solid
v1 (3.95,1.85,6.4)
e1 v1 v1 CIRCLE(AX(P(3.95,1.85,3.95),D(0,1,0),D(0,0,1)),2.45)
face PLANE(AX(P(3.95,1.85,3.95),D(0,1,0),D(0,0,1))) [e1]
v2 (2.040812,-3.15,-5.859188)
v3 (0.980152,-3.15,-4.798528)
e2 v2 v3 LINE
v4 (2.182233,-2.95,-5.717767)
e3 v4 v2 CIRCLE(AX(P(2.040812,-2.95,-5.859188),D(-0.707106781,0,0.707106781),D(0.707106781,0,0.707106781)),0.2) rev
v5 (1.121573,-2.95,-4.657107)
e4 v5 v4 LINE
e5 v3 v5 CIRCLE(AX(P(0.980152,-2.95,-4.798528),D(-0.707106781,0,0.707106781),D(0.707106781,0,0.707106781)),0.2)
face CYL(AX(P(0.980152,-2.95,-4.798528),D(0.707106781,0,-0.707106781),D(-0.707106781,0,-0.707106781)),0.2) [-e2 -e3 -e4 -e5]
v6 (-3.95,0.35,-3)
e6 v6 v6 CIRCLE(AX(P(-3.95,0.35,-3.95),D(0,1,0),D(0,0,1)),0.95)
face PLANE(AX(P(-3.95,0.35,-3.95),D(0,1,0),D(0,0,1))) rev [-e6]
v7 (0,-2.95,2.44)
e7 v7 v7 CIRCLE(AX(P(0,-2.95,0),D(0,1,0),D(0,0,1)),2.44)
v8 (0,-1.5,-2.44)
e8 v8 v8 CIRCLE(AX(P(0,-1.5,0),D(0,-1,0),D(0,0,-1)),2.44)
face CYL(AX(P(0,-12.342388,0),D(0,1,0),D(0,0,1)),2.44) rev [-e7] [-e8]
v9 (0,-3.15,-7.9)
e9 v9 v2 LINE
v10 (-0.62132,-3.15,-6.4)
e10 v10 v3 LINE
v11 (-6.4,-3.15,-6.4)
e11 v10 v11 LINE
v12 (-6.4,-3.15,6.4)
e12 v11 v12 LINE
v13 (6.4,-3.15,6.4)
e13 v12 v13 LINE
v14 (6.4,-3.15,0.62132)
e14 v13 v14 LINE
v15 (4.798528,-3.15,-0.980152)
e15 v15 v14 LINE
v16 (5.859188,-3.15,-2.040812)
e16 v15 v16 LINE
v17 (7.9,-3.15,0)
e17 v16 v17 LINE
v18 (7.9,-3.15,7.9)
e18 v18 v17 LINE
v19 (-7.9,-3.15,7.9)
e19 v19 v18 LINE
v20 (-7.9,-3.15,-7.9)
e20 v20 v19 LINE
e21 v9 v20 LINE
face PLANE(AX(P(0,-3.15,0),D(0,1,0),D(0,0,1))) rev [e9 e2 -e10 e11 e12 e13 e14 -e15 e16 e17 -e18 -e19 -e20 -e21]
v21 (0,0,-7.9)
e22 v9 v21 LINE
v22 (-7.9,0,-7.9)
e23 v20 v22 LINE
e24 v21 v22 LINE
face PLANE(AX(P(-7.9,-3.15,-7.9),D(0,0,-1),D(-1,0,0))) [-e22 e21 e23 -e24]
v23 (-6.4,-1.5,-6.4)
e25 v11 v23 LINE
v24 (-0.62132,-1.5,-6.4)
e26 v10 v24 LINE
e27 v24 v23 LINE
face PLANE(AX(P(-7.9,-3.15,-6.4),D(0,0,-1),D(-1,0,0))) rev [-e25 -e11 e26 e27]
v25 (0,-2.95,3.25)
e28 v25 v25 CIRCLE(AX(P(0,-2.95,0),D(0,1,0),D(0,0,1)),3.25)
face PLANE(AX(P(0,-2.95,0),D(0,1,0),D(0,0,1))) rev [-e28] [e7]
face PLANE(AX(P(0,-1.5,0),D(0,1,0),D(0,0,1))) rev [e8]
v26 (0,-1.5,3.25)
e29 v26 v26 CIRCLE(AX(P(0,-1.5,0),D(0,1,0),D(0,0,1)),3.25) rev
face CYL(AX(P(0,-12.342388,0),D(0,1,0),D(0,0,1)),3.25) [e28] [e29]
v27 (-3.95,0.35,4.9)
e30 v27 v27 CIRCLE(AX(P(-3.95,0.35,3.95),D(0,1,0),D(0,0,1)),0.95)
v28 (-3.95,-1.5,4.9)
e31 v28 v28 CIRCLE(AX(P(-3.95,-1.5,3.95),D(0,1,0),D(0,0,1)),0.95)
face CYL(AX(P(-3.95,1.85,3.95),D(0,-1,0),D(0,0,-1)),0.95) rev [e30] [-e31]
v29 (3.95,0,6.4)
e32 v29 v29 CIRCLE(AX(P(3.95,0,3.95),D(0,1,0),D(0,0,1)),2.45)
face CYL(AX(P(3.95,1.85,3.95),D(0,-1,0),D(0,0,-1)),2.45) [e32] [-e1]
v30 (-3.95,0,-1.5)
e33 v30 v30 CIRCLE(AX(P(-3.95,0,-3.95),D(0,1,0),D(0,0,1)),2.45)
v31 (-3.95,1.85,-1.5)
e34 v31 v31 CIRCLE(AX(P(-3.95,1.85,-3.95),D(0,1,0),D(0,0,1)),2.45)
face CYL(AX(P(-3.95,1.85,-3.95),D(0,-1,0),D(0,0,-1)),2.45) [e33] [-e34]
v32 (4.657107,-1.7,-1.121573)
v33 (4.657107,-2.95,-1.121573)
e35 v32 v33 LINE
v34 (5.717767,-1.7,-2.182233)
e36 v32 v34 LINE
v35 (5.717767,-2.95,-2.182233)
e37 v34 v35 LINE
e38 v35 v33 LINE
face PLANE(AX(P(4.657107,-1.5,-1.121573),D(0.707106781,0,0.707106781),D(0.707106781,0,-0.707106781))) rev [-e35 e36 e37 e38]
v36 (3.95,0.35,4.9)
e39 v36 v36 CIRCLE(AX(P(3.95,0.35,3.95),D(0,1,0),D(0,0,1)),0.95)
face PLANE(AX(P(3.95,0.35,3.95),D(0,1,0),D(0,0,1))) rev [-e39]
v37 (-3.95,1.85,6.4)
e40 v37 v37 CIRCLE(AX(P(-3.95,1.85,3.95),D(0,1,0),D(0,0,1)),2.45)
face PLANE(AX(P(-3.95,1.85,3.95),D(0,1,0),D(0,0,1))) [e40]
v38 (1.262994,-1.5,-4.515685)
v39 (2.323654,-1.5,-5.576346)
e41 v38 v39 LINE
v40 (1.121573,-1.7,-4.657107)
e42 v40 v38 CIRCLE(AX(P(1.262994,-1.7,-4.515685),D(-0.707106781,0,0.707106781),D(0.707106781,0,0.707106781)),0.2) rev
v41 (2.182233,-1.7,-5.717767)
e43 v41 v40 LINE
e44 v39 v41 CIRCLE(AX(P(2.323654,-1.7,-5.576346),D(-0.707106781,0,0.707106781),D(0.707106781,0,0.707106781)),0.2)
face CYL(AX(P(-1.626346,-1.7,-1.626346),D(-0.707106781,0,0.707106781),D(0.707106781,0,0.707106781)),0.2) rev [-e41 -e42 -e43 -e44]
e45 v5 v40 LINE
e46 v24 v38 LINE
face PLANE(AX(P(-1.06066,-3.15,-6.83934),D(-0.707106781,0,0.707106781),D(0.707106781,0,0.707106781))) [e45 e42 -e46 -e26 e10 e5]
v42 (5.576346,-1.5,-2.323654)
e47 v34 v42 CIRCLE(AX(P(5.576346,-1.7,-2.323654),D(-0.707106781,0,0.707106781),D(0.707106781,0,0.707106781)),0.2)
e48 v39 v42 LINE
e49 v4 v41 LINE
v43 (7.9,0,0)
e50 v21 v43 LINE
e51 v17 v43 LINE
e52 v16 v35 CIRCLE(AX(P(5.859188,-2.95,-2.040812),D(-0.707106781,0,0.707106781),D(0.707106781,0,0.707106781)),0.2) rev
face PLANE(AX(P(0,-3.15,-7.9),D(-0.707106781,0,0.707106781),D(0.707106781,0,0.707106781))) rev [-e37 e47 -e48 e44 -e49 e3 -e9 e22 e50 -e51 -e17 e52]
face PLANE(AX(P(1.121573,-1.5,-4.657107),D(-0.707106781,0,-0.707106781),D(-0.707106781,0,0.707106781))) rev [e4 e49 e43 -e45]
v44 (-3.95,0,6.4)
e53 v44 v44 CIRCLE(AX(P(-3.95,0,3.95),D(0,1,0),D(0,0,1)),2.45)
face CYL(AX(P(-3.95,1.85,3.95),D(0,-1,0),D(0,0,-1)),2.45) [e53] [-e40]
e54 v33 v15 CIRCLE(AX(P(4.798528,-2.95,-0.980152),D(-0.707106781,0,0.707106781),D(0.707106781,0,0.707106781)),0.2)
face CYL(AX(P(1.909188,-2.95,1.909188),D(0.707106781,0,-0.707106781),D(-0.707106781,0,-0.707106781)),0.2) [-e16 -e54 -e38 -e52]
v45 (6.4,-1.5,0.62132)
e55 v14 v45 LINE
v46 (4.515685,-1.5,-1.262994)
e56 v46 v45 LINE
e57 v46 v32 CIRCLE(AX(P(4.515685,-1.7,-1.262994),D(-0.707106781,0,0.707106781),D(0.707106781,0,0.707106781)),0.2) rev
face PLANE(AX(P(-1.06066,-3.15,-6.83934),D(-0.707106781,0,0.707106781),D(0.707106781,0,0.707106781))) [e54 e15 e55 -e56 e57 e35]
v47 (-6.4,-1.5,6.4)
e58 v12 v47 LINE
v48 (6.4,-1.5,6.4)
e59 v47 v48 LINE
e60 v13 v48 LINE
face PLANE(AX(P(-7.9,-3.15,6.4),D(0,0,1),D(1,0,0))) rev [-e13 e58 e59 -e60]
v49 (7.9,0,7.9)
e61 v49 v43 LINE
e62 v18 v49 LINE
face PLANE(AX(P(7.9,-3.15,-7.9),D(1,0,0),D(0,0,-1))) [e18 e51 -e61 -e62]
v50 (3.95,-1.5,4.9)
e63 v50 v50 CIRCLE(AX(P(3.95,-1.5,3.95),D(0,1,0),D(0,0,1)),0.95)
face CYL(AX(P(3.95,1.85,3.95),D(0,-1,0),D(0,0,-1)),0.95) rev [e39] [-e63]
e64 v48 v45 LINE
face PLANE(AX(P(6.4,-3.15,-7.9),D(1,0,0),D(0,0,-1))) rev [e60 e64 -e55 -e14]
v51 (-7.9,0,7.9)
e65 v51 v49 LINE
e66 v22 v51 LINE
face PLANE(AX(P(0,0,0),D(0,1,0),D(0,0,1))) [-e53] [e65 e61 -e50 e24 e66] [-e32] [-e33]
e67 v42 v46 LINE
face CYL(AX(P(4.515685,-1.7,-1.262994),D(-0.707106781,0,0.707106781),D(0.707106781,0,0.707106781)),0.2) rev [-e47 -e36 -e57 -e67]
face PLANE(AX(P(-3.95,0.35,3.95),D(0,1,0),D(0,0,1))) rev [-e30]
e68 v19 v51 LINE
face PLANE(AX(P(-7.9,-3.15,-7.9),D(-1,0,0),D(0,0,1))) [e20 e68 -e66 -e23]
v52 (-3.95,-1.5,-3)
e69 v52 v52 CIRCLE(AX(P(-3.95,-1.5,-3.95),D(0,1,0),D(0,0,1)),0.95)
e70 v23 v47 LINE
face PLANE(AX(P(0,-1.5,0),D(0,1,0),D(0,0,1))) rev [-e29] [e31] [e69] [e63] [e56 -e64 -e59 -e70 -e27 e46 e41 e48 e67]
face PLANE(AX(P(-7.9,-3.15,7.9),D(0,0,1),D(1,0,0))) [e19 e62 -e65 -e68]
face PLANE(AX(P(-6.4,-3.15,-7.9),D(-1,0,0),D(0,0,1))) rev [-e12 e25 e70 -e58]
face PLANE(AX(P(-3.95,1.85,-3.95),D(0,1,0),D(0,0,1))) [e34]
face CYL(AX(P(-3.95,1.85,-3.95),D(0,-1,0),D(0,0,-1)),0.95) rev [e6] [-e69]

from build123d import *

# Parameters (mm, degrees)
SKETCH1_W               = 15.8
SKETCH1_H               = 15.8
BOSS_EXTRUDE1_DEPTH     = 3.15
SKETCH2_R               = 2.45
BOSS_EXTRUDE2_DEPTH     = 1.85
CUT_EXTRUDE1_DEPTH      = 12.607863714
CUT_EXTRUDE1_DEPTH_BACK = 12.607863714
SHELL1_T                = -1.5
SKETCH4_W               = 5
SKETCH4_H               = 1.65
CUT_EXTRUDE2_DEPTH      = 1.5
FILLET1_R               = 0.2
SKETCH5_R               = 3.25
SKETCH5_R_2             = 2.44
BOSS_EXTRUDE3_DEPTH     = 1.45


with BuildPart() as part:
    # Sketch1 → Boss-Extrude1 (new body)
    with BuildSketch(Plane(origin=(0, 0, 0), x_dir=(1, 0, 0), z_dir=(0, 1, 0))):
        Rectangle(SKETCH1_W, SKETCH1_H)
    extrude(amount=-BOSS_EXTRUDE1_DEPTH)

    # Sketch2 → Boss-Extrude2 (add)
    with BuildSketch(Plane(origin=(0, 0, 0), x_dir=(1, 0, 0), z_dir=(0, 1, 0))):
        with Locations(Location((-3.95, 3.95, 0), (0, 0, 270))):
            Circle(SKETCH2_R)
        with Locations(Location((-3.95, -3.95, 0), (0, 0, 270))):
            Circle(SKETCH2_R)
        with Locations(Location((3.95, -3.95, 0), (0, 0, 270))):
            Circle(SKETCH2_R)
    extrude(amount=BOSS_EXTRUDE2_DEPTH)

    # Sketch3 → Cut-Extrude1 (cut, two sides: drawn at the far end of the back side and taken through both)
    with BuildSketch(Plane(origin=(0, 0, 0), x_dir=(1, 0, 0), z_dir=(0, 1, 0)).offset(-CUT_EXTRUDE1_DEPTH_BACK)):
        Polygon((0, 7.9), (7.9, 0), (7.9, 7.9), align=None)
    extrude(amount=CUT_EXTRUDE1_DEPTH + CUT_EXTRUDE1_DEPTH_BACK, mode=Mode.SUBTRACT)

    # Shell1
    shell1_openings = [part.faces().sort_by_distance(p)[0] for p in [
        (-0.752380952, -3.15, 0.752380952),
    ]]
    offset(amount=SHELL1_T, openings=shell1_openings, kind=Kind.INTERSECTION)

    # Sketch4 → Cut-Extrude2 (cut)
    with BuildSketch(Plane(origin=(3.95, 0, -3.95), x_dir=(-0.7071067811865475, 0, -0.7071067811865477), z_dir=(0.7071067811865477, 0, -0.7071067811865475))):
        with Locations((0, -2.325)):
            Rectangle(SKETCH4_W, SKETCH4_H)
    extrude(amount=-CUT_EXTRUDE2_DEPTH, mode=Mode.SUBTRACT)

    # Fillet1
    fillet1_edges = [part.edges().sort_by_distance(p)[0] for p in [
        (5.187436867, -3.15, -1.651902961),
        (5.187436867, -1.5, -1.651902961),
        (1.651902961, -1.5, -5.187436867),
        (1.651902961, -3.15, -5.187436867),
    ]]
    fillet(fillet1_edges, radius=FILLET1_R)

    # Sketch5 → Boss-Extrude3 (add)
    with BuildSketch(Plane.XZ.offset(1.5)):
        with Locations(Location((0, 0, 0), (0, 0, 90))):
            Circle(SKETCH5_R)
        with Locations(Location((0, 0, 0), (0, 0, 90))):
            Circle(SKETCH5_R_2, mode=Mode.SUBTRACT)
    extrude(amount=BOSS_EXTRUDE3_DEPTH)


solid = part.part
